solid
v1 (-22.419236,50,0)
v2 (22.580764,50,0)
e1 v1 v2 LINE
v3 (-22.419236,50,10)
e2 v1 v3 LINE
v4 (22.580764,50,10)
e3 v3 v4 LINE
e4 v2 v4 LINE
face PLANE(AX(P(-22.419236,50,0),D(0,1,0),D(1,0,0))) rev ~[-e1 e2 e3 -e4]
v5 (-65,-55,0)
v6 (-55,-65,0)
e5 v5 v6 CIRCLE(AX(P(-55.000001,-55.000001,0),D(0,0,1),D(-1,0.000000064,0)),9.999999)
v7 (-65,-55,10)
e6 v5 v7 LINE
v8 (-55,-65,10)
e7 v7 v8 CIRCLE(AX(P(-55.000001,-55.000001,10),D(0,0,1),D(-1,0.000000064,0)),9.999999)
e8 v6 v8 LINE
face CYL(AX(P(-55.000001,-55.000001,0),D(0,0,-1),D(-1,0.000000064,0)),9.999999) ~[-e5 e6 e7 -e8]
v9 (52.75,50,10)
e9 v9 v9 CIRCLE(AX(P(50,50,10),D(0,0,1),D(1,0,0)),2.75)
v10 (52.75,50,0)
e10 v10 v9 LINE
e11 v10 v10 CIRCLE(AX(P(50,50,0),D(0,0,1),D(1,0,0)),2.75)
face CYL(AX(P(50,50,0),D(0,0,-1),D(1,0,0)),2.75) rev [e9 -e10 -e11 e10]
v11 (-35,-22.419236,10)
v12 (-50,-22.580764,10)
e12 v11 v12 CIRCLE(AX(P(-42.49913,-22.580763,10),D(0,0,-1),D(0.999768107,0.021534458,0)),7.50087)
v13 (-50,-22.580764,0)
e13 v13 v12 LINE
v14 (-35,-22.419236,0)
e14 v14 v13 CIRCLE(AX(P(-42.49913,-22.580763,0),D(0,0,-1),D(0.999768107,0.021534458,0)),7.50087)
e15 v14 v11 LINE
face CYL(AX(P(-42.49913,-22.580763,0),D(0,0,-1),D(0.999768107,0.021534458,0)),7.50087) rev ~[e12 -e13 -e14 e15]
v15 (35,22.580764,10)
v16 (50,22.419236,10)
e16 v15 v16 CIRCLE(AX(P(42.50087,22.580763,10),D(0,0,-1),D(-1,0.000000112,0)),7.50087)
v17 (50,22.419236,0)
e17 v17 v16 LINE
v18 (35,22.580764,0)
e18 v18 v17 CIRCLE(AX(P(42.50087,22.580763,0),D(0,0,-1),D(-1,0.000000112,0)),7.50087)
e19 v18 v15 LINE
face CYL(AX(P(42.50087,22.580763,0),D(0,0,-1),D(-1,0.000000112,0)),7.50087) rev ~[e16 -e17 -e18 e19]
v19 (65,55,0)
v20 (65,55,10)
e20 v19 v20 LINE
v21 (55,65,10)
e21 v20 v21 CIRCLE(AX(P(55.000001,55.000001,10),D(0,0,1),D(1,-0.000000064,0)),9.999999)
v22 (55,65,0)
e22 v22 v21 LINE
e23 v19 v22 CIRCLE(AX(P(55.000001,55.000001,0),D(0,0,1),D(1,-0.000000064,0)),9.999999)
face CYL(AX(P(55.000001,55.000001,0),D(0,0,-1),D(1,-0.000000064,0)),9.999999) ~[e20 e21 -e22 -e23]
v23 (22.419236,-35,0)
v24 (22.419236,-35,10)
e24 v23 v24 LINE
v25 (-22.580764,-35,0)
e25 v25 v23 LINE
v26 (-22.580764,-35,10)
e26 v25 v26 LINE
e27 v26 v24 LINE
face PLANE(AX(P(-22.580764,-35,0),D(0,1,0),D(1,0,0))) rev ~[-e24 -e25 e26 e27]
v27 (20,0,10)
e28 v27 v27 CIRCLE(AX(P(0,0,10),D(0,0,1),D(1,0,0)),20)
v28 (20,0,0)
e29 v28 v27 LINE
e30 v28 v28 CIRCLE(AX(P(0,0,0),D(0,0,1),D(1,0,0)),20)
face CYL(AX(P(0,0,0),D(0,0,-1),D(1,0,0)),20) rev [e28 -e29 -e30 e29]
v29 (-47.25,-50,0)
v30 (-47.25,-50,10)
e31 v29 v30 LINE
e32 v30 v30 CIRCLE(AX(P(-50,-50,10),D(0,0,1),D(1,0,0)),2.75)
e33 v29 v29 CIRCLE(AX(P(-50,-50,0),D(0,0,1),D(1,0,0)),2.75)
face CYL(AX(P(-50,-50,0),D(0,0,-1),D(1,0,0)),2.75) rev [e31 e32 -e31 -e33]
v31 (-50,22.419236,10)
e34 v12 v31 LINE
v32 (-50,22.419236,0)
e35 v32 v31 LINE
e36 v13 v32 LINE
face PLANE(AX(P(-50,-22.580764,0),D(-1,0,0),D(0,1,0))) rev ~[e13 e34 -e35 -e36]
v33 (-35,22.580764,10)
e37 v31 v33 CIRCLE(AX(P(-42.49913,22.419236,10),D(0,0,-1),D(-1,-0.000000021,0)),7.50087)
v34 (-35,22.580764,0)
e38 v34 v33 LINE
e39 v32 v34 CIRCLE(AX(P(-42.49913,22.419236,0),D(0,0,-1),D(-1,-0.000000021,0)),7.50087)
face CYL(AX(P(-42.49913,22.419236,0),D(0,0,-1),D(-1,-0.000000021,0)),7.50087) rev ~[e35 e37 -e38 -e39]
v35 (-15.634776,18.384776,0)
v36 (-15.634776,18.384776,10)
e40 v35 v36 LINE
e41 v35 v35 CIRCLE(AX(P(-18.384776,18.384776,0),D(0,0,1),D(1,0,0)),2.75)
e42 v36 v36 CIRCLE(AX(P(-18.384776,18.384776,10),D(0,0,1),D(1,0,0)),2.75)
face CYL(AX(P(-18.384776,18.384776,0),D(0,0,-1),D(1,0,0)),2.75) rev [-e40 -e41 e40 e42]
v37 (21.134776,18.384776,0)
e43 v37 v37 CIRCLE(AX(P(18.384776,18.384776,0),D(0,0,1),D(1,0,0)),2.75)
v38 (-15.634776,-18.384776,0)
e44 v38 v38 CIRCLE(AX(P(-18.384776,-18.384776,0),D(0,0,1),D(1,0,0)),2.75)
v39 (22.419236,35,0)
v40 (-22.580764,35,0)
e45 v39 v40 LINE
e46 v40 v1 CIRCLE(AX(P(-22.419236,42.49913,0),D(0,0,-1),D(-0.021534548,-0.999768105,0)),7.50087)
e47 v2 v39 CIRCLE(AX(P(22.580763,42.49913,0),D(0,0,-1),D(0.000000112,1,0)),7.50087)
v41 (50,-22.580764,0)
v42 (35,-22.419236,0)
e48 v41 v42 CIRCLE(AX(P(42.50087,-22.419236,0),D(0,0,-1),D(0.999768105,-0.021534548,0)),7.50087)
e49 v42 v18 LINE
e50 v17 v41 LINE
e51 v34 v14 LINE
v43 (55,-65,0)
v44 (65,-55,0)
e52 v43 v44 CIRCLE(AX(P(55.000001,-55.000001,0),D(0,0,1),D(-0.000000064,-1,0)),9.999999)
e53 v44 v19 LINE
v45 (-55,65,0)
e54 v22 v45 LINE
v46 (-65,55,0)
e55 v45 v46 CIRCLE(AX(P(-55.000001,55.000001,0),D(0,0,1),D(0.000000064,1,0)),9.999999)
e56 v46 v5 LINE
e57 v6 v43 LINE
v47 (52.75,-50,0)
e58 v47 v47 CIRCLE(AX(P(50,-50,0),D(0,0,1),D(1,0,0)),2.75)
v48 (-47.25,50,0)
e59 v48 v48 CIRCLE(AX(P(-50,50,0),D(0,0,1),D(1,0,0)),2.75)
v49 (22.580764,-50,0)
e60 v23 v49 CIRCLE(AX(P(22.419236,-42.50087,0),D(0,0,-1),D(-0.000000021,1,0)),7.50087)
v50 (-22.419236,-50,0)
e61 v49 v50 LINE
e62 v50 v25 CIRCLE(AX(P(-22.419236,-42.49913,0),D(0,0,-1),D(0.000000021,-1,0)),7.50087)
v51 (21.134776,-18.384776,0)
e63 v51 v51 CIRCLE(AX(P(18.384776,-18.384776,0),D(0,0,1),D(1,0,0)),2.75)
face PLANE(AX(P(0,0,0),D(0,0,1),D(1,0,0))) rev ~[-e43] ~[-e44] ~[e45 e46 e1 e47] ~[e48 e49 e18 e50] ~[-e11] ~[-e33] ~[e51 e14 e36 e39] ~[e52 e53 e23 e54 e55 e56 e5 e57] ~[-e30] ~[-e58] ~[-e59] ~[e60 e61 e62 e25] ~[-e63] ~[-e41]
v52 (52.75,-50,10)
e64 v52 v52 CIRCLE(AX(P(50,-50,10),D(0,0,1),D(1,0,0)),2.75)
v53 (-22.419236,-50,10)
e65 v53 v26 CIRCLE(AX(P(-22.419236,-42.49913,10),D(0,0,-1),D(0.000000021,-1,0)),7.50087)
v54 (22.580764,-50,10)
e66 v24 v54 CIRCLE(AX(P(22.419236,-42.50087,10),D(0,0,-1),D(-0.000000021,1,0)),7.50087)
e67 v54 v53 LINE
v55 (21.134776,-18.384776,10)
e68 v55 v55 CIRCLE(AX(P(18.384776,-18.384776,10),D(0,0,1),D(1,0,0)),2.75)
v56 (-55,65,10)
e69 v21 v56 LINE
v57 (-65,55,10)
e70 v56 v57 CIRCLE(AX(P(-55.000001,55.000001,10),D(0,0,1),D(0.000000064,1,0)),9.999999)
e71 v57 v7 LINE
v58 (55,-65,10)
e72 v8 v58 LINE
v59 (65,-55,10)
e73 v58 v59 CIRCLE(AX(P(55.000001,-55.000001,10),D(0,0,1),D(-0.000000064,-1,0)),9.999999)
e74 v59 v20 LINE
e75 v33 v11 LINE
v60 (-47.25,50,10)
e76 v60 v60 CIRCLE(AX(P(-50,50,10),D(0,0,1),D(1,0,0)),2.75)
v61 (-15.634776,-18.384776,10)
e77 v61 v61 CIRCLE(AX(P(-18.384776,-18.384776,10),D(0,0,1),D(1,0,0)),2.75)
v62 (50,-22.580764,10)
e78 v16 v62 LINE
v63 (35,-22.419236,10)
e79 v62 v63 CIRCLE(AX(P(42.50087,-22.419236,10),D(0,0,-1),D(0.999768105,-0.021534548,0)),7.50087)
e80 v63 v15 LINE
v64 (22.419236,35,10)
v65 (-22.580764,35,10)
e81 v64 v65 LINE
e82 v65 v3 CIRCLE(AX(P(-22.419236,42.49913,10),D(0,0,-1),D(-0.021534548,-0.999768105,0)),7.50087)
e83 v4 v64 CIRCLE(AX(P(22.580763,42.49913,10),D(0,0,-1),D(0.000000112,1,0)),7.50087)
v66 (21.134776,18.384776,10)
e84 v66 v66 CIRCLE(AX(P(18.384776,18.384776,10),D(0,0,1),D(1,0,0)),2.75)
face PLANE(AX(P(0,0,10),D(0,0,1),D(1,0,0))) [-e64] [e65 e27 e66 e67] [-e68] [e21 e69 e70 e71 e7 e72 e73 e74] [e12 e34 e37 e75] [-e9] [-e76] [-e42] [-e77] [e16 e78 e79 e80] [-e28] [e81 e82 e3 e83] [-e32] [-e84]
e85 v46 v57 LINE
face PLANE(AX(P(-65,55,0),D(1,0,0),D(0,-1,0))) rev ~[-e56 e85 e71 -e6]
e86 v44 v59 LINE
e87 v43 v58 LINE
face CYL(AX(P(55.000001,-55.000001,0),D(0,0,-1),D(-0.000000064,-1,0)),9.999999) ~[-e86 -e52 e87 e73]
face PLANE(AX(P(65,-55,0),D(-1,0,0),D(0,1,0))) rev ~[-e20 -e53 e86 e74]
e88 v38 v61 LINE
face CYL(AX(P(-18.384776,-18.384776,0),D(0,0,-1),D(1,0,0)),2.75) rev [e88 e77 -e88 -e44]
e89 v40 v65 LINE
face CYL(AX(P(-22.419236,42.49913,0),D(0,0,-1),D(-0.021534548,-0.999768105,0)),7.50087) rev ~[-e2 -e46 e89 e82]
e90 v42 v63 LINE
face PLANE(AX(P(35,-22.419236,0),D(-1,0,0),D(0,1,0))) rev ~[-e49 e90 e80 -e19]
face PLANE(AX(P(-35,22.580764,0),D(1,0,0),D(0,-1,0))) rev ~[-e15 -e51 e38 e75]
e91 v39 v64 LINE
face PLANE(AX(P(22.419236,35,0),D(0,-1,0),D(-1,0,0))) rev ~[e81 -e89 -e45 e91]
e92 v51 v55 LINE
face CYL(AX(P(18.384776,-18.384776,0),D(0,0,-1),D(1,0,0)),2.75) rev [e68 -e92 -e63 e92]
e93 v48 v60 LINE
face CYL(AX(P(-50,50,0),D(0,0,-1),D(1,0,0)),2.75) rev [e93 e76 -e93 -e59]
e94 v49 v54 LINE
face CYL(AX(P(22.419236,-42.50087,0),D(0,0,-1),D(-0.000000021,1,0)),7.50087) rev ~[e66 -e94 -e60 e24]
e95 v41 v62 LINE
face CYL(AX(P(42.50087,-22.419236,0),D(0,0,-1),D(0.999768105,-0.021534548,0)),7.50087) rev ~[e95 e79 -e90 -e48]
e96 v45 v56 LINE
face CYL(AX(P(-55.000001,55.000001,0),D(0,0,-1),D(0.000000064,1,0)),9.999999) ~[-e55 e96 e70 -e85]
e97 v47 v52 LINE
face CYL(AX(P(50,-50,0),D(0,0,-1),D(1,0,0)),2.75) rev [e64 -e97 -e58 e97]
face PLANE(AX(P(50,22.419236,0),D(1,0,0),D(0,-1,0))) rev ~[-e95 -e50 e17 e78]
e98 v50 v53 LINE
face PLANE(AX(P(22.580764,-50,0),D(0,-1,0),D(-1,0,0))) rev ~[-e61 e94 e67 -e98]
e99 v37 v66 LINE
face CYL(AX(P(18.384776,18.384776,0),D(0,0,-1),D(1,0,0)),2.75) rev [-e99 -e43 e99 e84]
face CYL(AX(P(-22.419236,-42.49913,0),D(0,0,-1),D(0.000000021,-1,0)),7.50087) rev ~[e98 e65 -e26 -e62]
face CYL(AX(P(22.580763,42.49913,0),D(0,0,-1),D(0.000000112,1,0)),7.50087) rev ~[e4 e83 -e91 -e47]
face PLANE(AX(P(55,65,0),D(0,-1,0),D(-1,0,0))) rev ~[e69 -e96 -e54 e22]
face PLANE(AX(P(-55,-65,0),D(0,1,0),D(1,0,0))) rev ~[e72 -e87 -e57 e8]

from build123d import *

# Parameters (mm, degrees)
F0_R     = 2.75
F0_R_2   = 20
F1_DEPTH = 10


with BuildPart() as f1:
    # F0 (on Top) → F1 (new body)
    with BuildSketch(Plane.XY):
        with BuildLine():
            Line((-55, -65), (55, -65))
            ThreePointArc((55, -65), (62.071068, -62.071068), (65, -55))
            Line((65, -55), (65, 55))
            ThreePointArc((65, 55), (62.071068, 62.071068), (55, 65))
            Line((55, 65), (-55, 65))
            ThreePointArc((-55, 65), (-62.071068, 62.071068), (-65, 55))
            Line((-65, 55), (-65, -55))
            ThreePointArc((-65, -55), (-62.071068, -62.071068), (-55, -65))
        make_face()
        with Locations((-50, -50)):
            Circle(F0_R, mode=Mode.SUBTRACT)
        with BuildLine():
            Line((-22.580764, -35), (22.419236, -35))
            ThreePointArc((22.419236, -35), (29.919671, -42.420101), (22.580764, -50))
            Line((22.580764, -50), (-22.419236, -50))
            ThreePointArc((-22.419236, -50), (-29.919671, -42.579899), (-22.580764, -35))
        make_face(mode=Mode.SUBTRACT)
        with BuildLine():
            Line((-35, 22.580764), (-35, -22.419236))
            ThreePointArc((-35, -22.419236), (-42.418362, -30.081198), (-50, -22.580764))
            Line((-50, -22.580764), (-50, 22.419236))
            ThreePointArc((-50, 22.419236), (-42.579899, 29.919671), (-35, 22.580764))
        make_face(mode=Mode.SUBTRACT)
        with Locations((-18.384776, -18.384776)):
            Circle(F0_R, mode=Mode.SUBTRACT)
        with Locations((50, -50)):
            Circle(F0_R, mode=Mode.SUBTRACT)
        with Locations((18.384776, -18.384776)):
            Circle(F0_R, mode=Mode.SUBTRACT)
        with Locations((-18.384776, 18.384776)):
            Circle(F0_R, mode=Mode.SUBTRACT)
        with Locations((-50, 50)):
            Circle(F0_R, mode=Mode.SUBTRACT)
        Circle(F0_R_2, mode=Mode.SUBTRACT)
        with Locations((18.384776, 18.384776)):
            Circle(F0_R, mode=Mode.SUBTRACT)
        with BuildLine():
            Line((50, 22.419236), (50, -22.580764))
            ThreePointArc((50, -22.580764), (42.420101, -29.919671), (35, -22.419236))
            Line((35, -22.419236), (35, 22.580764))
            ThreePointArc((35, 22.580764), (42.581638, 30.081198), (50, 22.419236))
        make_face(mode=Mode.SUBTRACT)
        with BuildLine():
            ThreePointArc((22.580764, 50), (30.081198, 42.418362), (22.419236, 35))
            Line((22.419236, 35), (-22.580764, 35))
            ThreePointArc((-22.580764, 35), (-29.919671, 42.579899), (-22.419236, 50))
            Line((-22.419236, 50), (22.580764, 50))
        make_face(mode=Mode.SUBTRACT)
        with Locations((50, 50)):
            Circle(F0_R, mode=Mode.SUBTRACT)
    extrude(amount=F1_DEPTH)


solid = f1.part
